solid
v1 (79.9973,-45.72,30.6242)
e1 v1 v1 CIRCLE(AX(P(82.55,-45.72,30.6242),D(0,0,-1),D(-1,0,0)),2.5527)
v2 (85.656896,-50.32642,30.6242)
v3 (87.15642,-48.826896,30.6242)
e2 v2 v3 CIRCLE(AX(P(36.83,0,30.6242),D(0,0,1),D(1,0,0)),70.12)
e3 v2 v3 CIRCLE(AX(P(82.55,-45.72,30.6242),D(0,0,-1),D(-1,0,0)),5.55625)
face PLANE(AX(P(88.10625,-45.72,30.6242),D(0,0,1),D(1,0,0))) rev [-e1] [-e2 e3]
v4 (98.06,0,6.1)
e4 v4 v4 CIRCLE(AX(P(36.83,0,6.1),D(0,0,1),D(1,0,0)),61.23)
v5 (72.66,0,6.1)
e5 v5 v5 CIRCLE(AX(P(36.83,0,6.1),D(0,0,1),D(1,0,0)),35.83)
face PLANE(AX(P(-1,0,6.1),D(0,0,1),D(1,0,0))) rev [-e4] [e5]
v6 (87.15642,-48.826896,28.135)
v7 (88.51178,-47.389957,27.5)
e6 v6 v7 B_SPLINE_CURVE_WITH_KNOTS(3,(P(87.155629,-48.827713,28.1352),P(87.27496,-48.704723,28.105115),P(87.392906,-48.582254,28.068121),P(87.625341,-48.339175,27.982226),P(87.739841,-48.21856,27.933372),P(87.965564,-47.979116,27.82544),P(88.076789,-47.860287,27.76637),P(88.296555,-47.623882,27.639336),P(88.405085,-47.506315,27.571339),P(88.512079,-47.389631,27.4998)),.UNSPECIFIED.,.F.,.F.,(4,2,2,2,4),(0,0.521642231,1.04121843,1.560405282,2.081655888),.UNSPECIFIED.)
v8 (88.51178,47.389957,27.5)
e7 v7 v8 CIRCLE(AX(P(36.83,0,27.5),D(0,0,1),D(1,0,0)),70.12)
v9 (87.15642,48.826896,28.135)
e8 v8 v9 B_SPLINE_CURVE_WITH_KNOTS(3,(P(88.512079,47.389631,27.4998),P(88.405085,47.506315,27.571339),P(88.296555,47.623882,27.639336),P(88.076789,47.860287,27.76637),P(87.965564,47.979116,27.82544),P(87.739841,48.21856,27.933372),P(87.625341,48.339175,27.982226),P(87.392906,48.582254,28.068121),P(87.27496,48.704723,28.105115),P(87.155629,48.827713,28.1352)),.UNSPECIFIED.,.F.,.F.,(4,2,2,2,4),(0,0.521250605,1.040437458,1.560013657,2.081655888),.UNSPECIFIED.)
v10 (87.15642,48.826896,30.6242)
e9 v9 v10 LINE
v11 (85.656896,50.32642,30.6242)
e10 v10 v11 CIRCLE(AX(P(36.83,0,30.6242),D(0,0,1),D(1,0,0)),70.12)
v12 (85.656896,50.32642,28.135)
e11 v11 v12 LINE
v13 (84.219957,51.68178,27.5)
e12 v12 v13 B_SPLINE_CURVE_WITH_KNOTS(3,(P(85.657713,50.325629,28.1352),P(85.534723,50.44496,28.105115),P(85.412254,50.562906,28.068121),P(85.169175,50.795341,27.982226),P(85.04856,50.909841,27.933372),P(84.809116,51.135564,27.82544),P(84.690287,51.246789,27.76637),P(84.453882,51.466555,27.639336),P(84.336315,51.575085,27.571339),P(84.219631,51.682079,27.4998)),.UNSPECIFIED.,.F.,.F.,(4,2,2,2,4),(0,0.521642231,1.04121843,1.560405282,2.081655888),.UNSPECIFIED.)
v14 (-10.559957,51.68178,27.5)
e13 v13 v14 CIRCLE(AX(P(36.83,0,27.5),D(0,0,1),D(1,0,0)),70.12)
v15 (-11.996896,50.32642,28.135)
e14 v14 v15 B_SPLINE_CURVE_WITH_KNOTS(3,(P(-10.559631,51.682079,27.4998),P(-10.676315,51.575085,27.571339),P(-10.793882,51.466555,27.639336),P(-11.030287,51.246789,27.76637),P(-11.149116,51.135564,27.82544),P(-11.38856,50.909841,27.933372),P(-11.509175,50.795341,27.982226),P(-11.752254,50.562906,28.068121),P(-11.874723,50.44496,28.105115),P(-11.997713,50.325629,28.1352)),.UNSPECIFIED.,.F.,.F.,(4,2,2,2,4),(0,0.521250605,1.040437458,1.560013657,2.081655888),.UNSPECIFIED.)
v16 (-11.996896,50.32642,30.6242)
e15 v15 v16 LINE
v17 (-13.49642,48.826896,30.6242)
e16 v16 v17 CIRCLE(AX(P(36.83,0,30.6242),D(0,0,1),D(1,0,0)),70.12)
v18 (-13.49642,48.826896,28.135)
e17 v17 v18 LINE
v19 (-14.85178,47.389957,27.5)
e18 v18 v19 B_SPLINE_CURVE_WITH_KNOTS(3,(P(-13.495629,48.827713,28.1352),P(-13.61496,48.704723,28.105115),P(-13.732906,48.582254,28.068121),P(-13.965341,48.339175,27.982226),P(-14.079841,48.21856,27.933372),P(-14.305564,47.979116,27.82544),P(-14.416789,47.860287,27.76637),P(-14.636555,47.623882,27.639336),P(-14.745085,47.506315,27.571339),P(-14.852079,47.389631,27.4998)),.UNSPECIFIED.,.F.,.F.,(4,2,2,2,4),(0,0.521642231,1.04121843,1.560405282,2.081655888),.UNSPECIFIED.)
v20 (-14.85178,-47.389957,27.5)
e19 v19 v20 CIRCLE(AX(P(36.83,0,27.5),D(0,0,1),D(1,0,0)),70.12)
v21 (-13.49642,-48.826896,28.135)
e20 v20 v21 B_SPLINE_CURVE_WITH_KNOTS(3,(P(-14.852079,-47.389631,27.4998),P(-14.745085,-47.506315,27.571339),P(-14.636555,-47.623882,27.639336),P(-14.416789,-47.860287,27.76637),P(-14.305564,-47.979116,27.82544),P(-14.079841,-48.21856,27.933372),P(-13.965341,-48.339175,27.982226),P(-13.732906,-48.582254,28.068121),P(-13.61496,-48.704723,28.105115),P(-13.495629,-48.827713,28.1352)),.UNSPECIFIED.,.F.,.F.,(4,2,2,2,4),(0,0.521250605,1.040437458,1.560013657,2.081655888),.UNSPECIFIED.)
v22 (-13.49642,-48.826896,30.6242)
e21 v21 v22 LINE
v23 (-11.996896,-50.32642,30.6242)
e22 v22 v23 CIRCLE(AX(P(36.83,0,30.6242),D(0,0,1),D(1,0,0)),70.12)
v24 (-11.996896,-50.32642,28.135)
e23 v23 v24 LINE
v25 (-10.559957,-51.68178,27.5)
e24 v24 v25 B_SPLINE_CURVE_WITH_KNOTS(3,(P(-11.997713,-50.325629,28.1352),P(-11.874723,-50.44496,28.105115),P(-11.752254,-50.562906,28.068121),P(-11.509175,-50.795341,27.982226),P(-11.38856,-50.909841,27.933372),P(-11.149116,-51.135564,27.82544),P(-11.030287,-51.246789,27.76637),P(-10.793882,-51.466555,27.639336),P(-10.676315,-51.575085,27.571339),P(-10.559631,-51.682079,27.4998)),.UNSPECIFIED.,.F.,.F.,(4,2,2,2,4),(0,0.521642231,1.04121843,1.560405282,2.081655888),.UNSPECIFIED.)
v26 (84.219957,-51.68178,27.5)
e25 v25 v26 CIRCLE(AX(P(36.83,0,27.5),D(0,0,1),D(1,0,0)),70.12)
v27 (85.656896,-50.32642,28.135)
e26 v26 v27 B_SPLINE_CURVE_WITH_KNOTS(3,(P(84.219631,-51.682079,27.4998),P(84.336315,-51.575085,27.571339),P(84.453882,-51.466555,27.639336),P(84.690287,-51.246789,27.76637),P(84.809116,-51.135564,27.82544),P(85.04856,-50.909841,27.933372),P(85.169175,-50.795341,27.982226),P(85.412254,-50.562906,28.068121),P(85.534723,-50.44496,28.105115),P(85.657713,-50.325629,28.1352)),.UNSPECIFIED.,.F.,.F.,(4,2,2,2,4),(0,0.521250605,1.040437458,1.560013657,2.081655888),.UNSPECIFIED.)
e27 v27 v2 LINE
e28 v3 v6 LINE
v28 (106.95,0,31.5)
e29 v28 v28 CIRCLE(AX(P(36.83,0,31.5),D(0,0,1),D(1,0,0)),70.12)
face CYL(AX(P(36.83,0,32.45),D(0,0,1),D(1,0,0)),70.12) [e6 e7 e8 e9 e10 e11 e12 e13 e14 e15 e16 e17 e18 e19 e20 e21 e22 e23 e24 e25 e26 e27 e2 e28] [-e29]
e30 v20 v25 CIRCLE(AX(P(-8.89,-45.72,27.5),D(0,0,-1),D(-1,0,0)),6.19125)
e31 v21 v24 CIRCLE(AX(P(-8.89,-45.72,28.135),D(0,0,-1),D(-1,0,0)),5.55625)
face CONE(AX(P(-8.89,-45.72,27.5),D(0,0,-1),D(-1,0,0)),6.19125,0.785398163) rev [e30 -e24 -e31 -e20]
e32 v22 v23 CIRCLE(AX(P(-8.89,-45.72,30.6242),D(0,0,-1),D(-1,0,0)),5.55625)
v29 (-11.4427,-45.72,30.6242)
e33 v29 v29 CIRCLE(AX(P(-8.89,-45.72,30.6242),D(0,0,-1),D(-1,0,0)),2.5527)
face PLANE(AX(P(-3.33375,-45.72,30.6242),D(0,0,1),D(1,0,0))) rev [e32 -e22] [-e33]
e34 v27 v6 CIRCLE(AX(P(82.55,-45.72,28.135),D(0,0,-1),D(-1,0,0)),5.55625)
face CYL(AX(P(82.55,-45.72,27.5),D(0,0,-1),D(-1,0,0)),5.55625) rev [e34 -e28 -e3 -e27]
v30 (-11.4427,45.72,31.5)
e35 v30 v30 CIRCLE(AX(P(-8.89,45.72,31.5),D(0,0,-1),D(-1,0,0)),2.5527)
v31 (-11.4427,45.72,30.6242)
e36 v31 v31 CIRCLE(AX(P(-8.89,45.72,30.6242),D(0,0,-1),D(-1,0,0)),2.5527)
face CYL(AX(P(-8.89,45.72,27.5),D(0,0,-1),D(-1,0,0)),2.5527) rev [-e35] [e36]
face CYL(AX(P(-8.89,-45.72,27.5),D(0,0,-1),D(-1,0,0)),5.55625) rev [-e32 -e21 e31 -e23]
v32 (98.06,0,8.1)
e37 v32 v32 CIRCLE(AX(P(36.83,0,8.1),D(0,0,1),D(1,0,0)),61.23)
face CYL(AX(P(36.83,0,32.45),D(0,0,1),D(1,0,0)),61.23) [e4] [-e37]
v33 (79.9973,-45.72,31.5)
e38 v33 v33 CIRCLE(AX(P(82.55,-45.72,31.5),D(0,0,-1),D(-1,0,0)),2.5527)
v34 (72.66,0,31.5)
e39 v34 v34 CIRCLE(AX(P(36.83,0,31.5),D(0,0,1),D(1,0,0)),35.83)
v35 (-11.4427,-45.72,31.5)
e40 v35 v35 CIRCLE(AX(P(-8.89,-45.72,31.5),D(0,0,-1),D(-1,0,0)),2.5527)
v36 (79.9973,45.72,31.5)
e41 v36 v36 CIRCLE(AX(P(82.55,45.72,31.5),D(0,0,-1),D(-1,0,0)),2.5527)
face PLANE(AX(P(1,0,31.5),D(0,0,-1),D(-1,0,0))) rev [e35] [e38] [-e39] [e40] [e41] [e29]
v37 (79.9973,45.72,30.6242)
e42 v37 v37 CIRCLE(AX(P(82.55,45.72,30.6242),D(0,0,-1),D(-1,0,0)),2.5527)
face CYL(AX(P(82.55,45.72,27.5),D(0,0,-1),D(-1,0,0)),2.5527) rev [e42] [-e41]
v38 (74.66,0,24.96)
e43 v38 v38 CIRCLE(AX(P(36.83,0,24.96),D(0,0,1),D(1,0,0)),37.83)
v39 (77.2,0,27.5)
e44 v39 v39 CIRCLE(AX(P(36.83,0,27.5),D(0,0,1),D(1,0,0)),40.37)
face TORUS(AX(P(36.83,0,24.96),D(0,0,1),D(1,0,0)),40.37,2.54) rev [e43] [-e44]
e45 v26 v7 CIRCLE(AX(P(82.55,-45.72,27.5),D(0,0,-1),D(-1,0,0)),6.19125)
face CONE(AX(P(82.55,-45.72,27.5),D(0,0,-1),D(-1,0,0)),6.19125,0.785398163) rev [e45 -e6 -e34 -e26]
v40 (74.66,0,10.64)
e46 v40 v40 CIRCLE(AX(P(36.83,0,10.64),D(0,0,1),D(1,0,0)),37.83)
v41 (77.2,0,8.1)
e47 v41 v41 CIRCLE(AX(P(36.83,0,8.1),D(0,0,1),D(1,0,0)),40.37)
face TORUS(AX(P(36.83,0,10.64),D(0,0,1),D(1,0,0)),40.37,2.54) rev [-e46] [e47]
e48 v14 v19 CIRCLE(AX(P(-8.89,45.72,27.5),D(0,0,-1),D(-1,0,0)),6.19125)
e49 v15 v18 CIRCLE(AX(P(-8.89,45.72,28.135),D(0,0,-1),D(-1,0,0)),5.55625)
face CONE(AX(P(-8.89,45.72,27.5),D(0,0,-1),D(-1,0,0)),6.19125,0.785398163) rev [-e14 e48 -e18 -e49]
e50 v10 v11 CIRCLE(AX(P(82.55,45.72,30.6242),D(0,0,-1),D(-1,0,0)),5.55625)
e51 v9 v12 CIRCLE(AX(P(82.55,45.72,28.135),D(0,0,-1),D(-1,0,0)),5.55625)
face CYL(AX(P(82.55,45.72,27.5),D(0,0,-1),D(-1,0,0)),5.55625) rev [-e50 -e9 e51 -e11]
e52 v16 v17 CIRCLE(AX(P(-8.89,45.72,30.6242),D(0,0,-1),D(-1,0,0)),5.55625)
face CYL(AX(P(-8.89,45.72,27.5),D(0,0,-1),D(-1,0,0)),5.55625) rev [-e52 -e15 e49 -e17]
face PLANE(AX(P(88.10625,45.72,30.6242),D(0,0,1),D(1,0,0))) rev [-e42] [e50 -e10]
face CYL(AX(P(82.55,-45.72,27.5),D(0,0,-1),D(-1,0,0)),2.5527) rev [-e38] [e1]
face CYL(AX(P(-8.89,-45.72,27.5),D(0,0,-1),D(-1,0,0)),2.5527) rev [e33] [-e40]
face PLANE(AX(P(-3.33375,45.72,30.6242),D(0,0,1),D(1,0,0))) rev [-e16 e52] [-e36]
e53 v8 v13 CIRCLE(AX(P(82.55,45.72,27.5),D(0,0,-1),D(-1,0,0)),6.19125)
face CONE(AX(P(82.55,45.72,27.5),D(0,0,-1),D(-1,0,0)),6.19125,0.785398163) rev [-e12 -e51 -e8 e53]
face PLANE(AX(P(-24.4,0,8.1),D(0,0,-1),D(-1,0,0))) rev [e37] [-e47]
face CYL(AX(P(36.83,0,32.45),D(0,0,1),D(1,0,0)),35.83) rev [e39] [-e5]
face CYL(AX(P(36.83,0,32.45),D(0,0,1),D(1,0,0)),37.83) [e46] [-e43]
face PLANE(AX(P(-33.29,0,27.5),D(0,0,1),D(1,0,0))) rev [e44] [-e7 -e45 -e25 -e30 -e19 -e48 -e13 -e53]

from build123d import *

# Parameters (mm, degrees)
CBORE_FOR_10_BINDING_HEAD_MACHINE_S_2_COUNT = 2
CBORE_FOR_10_BINDING_HEAD_MACHINE_S_2_PITCH = 91.44
CBORE_FOR_10_BINDING_HEAD_MACHINE_S_3_COUNT = 2
CBORE_FOR_10_BINDING_HEAD_MACHINE_S_3_PITCH = 129.315688143
CBORE_FOR_10_BINDING_HEAD_MACHINE_S_4_COUNT = 2
CBORE_FOR_10_BINDING_HEAD_MACHINE_S_4_PITCH = 91.44


with BuildPart() as part:
    # Sketch1 → Revolve1 (revolve)
    with BuildSketch(Plane(origin=(0, 0, 0), x_dir=(1, 0, 0), z_dir=(0, 1, 0)), mode=Mode.PRIVATE) as revolve1_sk:
        with BuildLine():
            Line((-1.000000064, -24.96), (-1.000000064, -10.640000064))
            ThreePointArc((-1.000000064, -10.640000064), (-1.74394884, -8.84394884), (-3.540000064, -8.100000064))
            Line((-3.540000064, -8.100000064), (-24.4, -8.100000064))
            Line((-24.4, -8.100000064), (-24.4, -6.100000064))
            Line((-24.4, -6.100000064), (-1, -6.100000064))
            Line((-1, -6.100000064), (1, -6.100000064))
            Line((1, -6.100000064), (1, -31.500000128))
            Line((1, -31.500000128), (-33.29, -31.500000128))
            Line((-33.29, -31.500000128), (-33.29, -27.5))
            Line((-33.29, -27.5), (-3.540000064, -27.5))
            ThreePointArc((-3.540000064, -27.5), (-1.74394884, -26.756051224), (-1.000000064, -24.96))
        make_face()
    revolve(revolve1_sk.sketch.rotate(Axis((36.83, 0, 32.45), (0, 0, -1)), 180), axis=Axis((36.83, 0, 32.45), (0, 0, -1)))

    # Sketch7 → CBORE for #10 Binding Head Machine Screw1 (revolve, cut)
    with BuildSketch(Plane(origin=(82.55, 45.72, 27.5), x_dir=(0, 1, 0), z_dir=(1, 0, 0))):
        Polygon((0, 0), (0, 4.000000128), (2.5527, 4.000000128), (2.5527, 3.1242), (5.55625, 3.1242), (5.55625, 0.635), (6.19125, 0), align=None)
    cbore_for_10_binding_head_machine_screw = revolve(axis=Axis((82.55, 45.72, 21.15), (0, 0, 1)), mode=Mode.SUBTRACT)

    # CBORE for _10 Binding Head Machine S 2: CBORE for #10 Binding Head Machine Screw1 ×2
    with Locations(*[(-i * CBORE_FOR_10_BINDING_HEAD_MACHINE_S_2_PITCH, 0, 0) for i in range(1, CBORE_FOR_10_BINDING_HEAD_MACHINE_S_2_COUNT)]):
        add(cbore_for_10_binding_head_machine_screw, mode=Mode.SUBTRACT)

    # CBORE for _10 Binding Head Machine S 3: CBORE for #10 Binding Head Machine Screw1 ×2
    with Locations(*[Vector(-0.7071067811865476, -0.7071067811865476, 0) * (i * CBORE_FOR_10_BINDING_HEAD_MACHINE_S_3_PITCH) for i in range(1, CBORE_FOR_10_BINDING_HEAD_MACHINE_S_3_COUNT)]):
        add(cbore_for_10_binding_head_machine_screw, mode=Mode.SUBTRACT)

    # CBORE for _10 Binding Head Machine S 4: CBORE for #10 Binding Head Machine Screw1 ×2
    with Locations(*[(0, -i * CBORE_FOR_10_BINDING_HEAD_MACHINE_S_4_PITCH, 0) for i in range(1, CBORE_FOR_10_BINDING_HEAD_MACHINE_S_4_COUNT)]):
        add(cbore_for_10_binding_head_machine_screw, mode=Mode.SUBTRACT)


solid = part.part
